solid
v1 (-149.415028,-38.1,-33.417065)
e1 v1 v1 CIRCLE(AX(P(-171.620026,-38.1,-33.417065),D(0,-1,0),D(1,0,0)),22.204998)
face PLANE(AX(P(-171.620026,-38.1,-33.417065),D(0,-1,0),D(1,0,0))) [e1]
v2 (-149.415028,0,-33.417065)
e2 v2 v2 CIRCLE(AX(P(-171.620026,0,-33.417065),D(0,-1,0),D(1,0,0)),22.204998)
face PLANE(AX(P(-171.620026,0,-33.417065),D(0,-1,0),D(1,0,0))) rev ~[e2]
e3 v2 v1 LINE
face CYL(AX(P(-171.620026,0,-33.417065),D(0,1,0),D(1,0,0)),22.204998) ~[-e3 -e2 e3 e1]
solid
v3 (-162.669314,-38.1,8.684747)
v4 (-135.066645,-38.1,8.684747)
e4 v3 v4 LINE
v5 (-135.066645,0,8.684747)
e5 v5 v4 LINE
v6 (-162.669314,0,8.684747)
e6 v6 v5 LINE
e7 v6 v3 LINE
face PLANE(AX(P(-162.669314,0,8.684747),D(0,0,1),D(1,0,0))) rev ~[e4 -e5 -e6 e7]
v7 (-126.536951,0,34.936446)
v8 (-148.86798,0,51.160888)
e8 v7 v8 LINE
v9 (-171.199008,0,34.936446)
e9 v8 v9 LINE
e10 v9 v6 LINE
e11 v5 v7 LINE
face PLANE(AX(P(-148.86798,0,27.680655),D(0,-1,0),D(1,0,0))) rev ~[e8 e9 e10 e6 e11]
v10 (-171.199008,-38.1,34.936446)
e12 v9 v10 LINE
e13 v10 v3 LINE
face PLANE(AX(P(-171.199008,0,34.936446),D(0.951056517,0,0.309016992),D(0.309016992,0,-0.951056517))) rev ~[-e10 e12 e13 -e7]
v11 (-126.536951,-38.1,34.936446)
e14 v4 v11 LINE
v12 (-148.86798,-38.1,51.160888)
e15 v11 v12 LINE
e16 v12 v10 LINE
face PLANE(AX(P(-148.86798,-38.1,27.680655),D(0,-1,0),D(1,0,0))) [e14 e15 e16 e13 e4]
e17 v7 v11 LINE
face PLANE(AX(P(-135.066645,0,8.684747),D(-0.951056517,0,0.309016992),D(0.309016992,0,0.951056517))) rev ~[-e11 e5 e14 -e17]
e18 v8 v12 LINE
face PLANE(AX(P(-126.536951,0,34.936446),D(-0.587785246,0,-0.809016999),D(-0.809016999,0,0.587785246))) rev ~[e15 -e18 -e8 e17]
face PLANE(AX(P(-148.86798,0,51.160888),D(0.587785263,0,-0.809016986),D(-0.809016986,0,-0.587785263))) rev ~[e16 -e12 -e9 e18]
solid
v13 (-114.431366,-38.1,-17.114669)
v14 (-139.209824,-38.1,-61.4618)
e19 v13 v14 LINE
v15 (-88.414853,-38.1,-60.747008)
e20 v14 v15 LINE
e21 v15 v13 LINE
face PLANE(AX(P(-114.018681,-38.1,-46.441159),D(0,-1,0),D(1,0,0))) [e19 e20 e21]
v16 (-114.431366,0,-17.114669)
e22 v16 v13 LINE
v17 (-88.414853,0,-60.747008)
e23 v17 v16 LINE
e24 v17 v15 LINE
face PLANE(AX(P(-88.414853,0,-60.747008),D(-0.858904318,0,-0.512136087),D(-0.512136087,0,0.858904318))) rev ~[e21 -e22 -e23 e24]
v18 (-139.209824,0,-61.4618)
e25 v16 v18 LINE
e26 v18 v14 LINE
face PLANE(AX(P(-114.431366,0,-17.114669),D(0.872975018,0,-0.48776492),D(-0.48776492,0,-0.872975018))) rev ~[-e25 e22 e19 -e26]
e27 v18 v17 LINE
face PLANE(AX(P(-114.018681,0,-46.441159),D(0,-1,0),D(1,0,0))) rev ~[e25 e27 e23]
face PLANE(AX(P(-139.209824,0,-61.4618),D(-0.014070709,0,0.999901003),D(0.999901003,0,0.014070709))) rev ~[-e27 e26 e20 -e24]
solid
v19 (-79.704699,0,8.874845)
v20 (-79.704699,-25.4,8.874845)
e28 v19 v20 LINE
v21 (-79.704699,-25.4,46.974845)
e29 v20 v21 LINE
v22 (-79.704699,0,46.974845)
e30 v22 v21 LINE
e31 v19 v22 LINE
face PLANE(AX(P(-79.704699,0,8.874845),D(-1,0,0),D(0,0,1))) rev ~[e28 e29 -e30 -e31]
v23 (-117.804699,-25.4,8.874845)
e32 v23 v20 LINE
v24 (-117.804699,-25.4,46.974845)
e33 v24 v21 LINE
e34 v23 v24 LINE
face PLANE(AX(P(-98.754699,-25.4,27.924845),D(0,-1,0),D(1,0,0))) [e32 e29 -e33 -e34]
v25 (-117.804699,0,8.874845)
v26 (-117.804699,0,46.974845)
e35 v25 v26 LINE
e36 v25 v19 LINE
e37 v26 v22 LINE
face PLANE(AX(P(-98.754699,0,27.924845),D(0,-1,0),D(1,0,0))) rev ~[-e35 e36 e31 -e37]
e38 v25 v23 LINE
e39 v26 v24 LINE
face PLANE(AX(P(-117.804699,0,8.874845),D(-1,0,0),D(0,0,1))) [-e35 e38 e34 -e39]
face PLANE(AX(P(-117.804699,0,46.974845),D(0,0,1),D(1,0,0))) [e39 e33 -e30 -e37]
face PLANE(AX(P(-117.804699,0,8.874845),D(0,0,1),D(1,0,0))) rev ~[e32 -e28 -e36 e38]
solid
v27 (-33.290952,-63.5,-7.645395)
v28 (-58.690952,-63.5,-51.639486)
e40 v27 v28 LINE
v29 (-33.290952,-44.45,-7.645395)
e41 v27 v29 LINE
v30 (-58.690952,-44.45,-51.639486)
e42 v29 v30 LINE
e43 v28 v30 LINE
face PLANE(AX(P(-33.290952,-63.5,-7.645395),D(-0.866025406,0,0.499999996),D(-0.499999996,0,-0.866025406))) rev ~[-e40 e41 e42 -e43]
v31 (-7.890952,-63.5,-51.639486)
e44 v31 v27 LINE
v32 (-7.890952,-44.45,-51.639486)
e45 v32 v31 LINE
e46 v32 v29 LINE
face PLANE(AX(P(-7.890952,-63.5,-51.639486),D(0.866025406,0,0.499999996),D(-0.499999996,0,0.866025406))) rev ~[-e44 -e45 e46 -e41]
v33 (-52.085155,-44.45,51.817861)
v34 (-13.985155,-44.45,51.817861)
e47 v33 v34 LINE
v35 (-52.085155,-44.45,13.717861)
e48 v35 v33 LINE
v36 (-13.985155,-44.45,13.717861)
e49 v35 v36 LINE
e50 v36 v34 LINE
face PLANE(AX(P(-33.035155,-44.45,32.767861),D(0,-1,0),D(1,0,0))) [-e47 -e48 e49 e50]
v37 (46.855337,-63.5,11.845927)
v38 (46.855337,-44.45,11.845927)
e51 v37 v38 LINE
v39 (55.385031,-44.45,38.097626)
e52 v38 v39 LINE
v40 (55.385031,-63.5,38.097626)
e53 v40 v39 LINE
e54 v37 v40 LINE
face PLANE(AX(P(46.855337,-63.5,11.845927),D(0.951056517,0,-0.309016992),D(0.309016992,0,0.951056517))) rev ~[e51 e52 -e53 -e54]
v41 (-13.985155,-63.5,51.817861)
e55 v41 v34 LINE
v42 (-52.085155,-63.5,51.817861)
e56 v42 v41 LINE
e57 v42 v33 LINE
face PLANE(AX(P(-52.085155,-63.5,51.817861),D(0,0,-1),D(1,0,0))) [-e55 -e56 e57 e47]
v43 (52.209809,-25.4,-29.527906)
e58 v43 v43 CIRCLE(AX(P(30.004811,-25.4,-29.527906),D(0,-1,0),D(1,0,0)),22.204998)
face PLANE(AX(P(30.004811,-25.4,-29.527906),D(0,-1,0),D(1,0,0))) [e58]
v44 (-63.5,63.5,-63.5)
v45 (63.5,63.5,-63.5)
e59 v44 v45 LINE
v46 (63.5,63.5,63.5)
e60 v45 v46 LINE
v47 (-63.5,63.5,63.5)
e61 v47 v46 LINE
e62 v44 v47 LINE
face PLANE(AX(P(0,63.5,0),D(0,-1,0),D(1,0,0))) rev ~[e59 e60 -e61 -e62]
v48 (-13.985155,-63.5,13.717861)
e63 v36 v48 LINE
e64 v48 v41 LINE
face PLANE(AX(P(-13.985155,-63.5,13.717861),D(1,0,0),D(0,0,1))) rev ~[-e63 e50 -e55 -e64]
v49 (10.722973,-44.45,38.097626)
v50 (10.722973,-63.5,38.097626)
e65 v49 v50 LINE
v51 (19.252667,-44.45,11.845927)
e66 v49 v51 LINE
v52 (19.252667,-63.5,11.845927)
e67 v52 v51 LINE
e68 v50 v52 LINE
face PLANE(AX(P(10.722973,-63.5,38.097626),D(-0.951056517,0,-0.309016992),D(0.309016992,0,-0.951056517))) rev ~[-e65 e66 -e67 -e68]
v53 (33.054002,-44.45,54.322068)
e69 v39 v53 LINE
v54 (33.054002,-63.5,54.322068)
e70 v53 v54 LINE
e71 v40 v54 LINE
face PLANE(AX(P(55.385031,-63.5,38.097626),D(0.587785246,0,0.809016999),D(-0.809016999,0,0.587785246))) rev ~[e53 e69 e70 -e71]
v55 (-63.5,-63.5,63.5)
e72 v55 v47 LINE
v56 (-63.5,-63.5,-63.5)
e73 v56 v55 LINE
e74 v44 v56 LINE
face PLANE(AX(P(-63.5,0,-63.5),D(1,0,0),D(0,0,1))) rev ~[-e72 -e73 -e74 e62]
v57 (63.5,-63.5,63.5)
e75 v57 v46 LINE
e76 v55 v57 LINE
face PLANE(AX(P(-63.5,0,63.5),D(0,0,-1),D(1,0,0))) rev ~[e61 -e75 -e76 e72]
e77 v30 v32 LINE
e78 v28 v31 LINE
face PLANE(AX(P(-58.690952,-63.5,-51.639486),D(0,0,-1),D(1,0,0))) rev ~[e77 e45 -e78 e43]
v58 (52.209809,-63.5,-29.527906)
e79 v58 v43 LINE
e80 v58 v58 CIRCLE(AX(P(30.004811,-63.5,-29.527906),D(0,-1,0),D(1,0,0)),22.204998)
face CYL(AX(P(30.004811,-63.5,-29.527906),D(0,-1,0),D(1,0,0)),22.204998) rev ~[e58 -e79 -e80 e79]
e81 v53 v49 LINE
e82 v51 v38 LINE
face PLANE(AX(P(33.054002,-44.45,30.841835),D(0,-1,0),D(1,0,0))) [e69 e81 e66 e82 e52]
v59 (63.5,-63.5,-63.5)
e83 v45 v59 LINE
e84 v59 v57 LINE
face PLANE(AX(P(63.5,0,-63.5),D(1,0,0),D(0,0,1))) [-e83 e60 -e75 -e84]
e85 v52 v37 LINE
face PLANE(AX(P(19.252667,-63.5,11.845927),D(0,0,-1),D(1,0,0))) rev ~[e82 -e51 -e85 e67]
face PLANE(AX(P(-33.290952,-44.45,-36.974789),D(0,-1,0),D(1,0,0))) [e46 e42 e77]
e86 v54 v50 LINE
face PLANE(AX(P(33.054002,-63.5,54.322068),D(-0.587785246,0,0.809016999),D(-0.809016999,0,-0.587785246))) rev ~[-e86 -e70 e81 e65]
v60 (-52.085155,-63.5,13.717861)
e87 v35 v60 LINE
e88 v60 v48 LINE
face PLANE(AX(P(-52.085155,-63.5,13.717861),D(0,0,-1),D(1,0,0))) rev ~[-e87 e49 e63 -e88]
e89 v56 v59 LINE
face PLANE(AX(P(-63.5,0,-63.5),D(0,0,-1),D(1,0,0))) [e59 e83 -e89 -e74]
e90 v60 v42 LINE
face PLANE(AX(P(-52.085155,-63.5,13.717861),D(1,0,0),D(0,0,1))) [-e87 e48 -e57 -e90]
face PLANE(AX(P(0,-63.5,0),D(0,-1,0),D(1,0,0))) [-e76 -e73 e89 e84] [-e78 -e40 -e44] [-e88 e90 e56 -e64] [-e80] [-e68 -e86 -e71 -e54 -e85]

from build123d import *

# Parameters (mm, degrees)
F0_W      = 127
F0_H      = 127
F1_DEPTH  = 63.5
F2_W      = 38.1
F2_H      = 38.1
F3_DEPTH  = 19.05
F5_DEPTH  = 19.05
F7_DEPTH  = 19.05
F8_R      = 22.204998
F9_DEPTH  = 38.1
F10_W     = 38.1
F10_H     = 38.1
F11_DEPTH = 25.4
F13_DEPTH = 38.1
F15_DEPTH = 38.1
F16_R     = 22.204998
F17_DEPTH = 38.1


with BuildPart() as f1:
    # F0 (on Front) → F1 (new body, symmetric)
    with BuildSketch(Plane.XZ):
        Rectangle(F0_W, F0_H)
    extrude(amount=F1_DEPTH, both=True)

    # F2 (on face) → F3 (cut, symmetric)
    with BuildSketch(Plane.XZ.offset(63.5)):
        with Locations((-33.035155, 32.767861)):
            Rectangle(F2_W, F2_H)
    extrude(amount=F3_DEPTH, both=True, mode=Mode.SUBTRACT)

    # F4 (on face) → F5 (cut, symmetric)
    with BuildSketch(Plane.XZ.offset(63.5)):
        Polygon((55.385031, 38.097626), (33.054002, 54.322068), (10.722973, 38.097626), (19.252667, 11.845927), (46.855337, 11.845927), align=None)
    extrude(amount=F5_DEPTH, both=True, mode=Mode.SUBTRACT)

    # F6 (on face) → F7 (cut, symmetric)
    with BuildSketch(Plane.XZ.offset(63.5)):
        Polygon((-58.690952, -51.639486), (-7.890952, -51.639486), (-33.290952, -7.645395), align=None)
    extrude(amount=F7_DEPTH, both=True, mode=Mode.SUBTRACT)

    # F8 (on face) → F9 (cut)
    with BuildSketch(Plane.XZ.offset(63.5)):
        with Locations((30.004811, -29.527906)):
            Circle(F8_R)
    extrude(amount=-F9_DEPTH, mode=Mode.SUBTRACT)


with BuildPart() as f11:
    # F10 (on Front) → F11 (new body)
    with BuildSketch(Plane.XZ):
        with Locations((-98.754699, 27.924845)):
            Rectangle(F10_W, F10_H)
    extrude(amount=F11_DEPTH)


with BuildPart() as f13:
    # F12 (on Front) → F13 (new body)
    with BuildSketch(Plane.XZ):
        Polygon((-88.414853, -60.747008), (-114.431366, -17.114669), (-139.209824, -61.4618), align=None)
    extrude(amount=F13_DEPTH)


with BuildPart() as f15:
    # F14 (on Front) → F15 (new body)
    with BuildSketch(Plane.XZ):
        Polygon((-135.066645, 8.684747), (-126.536951, 34.936446), (-148.86798, 51.160888), (-171.199008, 34.936446), (-162.669314, 8.684747), align=None)
    extrude(amount=F15_DEPTH)


with BuildPart() as f17:
    # F16 (on Front) → F17 (new body)
    with BuildSketch(Plane.XZ):
        with Locations((-171.620026, -33.417065)):
            Circle(F16_R)
    extrude(amount=F17_DEPTH)


solid = Compound([f1.part, f11.part, f13.part, f15.part, f17.part])
